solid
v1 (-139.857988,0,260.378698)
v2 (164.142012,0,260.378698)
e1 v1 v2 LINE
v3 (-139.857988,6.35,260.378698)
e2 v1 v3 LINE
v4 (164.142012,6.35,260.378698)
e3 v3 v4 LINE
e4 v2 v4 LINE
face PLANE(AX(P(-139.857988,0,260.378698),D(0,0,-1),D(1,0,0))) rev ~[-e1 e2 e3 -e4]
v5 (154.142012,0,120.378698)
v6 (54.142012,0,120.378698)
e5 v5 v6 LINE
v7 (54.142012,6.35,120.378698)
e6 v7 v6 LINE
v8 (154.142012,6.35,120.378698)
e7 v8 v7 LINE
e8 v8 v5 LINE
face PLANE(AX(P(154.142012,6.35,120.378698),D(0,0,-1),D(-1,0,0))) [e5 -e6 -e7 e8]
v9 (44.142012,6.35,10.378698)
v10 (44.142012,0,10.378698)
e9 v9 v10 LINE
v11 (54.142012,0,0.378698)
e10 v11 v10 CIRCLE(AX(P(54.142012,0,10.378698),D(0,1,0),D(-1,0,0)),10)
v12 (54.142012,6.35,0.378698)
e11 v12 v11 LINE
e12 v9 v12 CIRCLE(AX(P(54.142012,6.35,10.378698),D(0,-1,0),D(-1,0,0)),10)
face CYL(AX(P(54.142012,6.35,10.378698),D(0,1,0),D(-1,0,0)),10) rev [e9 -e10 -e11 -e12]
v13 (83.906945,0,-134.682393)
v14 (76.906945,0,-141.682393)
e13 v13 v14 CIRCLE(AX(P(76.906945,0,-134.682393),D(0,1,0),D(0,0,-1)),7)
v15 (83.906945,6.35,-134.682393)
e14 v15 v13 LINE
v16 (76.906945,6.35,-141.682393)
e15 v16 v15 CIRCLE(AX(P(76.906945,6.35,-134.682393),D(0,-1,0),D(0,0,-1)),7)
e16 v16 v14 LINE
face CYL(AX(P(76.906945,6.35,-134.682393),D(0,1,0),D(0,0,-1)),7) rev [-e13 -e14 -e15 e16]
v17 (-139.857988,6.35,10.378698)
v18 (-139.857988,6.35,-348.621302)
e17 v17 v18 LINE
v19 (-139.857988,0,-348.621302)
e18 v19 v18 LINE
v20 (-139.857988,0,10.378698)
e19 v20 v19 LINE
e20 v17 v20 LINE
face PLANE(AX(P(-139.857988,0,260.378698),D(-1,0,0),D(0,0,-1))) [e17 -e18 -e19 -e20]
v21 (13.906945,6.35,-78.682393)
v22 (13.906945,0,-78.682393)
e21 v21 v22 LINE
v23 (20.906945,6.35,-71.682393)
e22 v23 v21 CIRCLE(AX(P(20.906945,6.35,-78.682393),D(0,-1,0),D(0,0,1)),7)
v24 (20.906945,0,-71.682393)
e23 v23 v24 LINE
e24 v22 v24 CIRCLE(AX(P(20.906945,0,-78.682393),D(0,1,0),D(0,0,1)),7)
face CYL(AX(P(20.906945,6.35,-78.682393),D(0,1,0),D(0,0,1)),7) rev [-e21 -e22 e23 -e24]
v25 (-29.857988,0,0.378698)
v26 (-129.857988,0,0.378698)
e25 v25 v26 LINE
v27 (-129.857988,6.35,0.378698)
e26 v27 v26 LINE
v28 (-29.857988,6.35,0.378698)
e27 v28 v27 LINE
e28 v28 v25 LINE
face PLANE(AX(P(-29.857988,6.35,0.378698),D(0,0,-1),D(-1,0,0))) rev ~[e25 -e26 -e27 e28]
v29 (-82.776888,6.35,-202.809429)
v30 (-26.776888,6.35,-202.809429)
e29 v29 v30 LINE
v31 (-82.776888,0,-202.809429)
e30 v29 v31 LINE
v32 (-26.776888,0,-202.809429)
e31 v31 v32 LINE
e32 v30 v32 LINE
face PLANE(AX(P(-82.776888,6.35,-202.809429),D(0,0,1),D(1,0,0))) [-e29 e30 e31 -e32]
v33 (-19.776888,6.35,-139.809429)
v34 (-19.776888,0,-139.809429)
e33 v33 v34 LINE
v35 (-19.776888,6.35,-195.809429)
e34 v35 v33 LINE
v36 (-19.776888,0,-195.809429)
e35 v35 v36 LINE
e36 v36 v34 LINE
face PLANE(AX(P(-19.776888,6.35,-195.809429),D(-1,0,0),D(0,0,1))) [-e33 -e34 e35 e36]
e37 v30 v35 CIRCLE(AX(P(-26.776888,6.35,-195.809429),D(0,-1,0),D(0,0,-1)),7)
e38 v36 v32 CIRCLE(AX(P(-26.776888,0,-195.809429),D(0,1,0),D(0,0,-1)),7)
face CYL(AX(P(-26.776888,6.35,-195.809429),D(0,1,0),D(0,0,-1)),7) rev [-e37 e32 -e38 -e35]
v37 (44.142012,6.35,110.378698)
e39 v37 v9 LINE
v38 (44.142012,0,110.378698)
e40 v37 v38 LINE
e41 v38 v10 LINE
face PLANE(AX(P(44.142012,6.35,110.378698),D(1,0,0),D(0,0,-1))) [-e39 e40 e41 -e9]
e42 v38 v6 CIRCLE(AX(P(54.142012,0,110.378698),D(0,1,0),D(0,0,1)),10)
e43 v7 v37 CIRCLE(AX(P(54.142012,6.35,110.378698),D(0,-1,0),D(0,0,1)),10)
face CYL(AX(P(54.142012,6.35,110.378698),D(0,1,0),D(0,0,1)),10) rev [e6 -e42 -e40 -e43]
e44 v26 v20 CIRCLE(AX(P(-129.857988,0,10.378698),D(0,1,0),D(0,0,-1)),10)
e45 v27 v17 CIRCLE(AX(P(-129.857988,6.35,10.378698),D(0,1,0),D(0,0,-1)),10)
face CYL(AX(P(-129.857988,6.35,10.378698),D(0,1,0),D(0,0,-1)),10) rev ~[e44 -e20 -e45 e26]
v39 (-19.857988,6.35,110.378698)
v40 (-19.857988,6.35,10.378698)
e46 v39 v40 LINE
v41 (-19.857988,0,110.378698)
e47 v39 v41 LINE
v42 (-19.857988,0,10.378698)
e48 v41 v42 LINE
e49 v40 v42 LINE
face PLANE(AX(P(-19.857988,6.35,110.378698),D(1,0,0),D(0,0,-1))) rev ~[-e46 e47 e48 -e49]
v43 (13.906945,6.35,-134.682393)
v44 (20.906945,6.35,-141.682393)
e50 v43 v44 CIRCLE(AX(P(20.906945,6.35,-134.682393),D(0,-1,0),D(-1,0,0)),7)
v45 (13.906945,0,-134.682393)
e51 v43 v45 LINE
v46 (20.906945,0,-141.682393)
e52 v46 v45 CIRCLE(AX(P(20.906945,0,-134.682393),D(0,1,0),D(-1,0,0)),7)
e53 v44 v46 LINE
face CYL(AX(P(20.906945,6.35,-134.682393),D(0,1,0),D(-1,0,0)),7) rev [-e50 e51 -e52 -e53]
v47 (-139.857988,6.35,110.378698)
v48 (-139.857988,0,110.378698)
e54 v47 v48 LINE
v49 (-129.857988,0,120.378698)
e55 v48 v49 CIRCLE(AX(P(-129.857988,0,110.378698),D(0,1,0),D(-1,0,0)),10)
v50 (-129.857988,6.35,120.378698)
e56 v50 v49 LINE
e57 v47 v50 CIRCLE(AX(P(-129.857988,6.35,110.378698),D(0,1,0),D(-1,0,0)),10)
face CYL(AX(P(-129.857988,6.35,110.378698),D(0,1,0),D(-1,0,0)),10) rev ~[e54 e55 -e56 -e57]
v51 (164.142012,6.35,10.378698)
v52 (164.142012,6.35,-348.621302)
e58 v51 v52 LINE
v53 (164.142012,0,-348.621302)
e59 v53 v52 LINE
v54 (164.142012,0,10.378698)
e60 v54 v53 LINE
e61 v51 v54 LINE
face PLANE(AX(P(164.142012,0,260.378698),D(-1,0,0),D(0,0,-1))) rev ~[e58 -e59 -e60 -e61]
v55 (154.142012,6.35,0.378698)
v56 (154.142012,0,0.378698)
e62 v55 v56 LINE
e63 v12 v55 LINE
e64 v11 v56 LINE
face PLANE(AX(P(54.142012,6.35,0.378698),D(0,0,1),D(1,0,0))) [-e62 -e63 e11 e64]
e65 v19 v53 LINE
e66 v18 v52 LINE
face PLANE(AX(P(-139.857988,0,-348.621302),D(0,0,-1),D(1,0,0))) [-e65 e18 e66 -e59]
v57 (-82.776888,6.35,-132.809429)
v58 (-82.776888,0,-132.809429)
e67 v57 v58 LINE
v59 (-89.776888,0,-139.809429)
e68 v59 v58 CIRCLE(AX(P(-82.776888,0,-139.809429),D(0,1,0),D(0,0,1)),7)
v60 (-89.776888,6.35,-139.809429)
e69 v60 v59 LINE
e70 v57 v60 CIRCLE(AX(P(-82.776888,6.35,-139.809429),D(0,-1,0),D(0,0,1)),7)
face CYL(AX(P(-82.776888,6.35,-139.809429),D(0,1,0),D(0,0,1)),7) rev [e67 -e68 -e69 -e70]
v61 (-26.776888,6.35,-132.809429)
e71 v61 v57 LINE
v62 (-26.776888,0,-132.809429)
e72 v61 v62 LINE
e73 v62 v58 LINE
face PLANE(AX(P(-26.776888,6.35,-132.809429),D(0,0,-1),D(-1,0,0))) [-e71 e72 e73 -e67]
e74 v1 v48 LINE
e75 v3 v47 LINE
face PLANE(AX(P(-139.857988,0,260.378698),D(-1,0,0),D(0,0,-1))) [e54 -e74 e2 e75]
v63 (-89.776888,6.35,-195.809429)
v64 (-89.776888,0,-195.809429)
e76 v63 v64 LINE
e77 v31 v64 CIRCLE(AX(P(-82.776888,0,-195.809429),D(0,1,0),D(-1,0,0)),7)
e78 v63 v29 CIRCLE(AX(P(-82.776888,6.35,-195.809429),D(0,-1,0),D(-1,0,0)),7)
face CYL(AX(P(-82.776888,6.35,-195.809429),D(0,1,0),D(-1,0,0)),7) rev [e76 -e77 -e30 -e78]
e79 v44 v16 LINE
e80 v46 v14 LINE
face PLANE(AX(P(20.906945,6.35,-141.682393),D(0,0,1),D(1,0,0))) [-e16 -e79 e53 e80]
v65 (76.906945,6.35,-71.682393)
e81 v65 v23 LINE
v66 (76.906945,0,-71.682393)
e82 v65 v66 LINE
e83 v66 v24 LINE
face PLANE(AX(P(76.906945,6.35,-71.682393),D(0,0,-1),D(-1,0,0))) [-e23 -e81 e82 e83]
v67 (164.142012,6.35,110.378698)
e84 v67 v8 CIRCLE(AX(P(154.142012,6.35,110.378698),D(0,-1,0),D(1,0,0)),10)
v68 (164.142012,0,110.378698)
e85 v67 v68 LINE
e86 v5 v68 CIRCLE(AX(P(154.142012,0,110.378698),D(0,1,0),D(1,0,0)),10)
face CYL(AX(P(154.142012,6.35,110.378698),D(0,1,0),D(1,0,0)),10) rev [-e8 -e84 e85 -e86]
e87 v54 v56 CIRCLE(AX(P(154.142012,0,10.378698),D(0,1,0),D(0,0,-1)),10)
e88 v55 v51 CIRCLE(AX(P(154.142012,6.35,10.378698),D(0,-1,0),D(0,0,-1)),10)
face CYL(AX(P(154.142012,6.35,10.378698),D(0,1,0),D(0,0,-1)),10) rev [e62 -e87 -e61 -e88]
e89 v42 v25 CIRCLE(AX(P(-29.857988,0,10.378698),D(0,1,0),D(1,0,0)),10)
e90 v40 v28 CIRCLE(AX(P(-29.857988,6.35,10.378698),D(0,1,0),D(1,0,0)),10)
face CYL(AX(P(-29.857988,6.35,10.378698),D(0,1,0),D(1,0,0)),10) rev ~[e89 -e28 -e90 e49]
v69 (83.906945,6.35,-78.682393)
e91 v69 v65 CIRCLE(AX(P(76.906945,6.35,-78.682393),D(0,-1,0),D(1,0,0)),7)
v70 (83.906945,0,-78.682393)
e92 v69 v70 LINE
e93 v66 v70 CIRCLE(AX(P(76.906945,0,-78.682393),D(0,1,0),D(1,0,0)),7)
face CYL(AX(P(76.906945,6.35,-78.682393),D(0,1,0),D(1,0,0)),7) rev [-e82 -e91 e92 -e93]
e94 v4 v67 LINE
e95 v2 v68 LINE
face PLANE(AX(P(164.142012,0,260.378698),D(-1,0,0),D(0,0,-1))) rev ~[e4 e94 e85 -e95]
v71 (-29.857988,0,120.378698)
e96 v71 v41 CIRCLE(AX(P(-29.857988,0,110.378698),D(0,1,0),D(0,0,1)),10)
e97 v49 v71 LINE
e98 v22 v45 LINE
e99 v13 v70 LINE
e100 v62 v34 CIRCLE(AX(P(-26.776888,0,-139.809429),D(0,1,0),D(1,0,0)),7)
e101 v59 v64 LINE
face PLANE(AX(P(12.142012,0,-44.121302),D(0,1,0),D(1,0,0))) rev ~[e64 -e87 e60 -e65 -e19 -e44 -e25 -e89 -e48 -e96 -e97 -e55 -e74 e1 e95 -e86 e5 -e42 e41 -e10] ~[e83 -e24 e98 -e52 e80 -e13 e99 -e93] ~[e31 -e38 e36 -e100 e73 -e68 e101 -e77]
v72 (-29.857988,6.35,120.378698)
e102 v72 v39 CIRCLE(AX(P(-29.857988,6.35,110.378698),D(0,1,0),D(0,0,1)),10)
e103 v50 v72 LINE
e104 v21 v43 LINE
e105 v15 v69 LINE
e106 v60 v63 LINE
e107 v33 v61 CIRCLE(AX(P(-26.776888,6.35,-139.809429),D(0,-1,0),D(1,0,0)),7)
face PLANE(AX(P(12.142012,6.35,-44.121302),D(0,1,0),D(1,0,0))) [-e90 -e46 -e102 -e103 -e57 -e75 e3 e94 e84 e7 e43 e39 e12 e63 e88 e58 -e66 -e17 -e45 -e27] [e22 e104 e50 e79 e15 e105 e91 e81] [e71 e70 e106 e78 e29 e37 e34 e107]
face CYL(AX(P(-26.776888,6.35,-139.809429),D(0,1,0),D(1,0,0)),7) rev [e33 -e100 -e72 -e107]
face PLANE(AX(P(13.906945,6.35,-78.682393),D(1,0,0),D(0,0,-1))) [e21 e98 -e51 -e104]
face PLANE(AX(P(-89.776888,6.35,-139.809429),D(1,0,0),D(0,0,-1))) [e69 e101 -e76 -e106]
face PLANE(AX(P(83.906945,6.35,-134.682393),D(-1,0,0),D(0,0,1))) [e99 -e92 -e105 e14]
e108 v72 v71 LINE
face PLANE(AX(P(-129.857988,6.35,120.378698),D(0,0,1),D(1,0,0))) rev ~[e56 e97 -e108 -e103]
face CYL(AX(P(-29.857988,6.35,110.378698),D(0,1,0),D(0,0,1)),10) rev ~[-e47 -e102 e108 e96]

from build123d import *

# Parameters (mm, degrees)
SKETCH1_W           = 304
SKETCH1_H           = 609
BOSS_EXTRUDE1_DEPTH = 6.35
CUT_EXTRUDE1_DEPTH  = 386.382582119
CUT_EXTRUDE3_DEPTH  = 386.382582119


with BuildPart() as part:
    # Sketch1 → Boss-Extrude1 (new body)
    with BuildSketch(Plane(origin=(0, 0, 0), x_dir=(1, 0, 0), z_dir=(0, 1, 0))):
        with Locations((12.142011834, 44.121301775)):
            Rectangle(SKETCH1_W, SKETCH1_H)
    extrude(amount=BOSS_EXTRUDE1_DEPTH)

    # Sketch3 → Cut-Extrude1 (cut, through all)
    with BuildSketch(Plane(origin=(0, 6.35, 0), x_dir=(1, 0, 0), z_dir=(0, 1, 0))):
        with BuildLine():
            Line((154.142011834, -120.378698225), (54.142011834, -120.378698225))
            ThreePointArc((54.142011834, -120.378698225), (47.070944022, -117.449766037), (44.142011834, -110.378698225))
            Line((44.142011834, -110.378698225), (44.142011834, -10.378698225))
            ThreePointArc((44.142011834, -10.378698225), (47.070944022, -3.307630413), (54.142011834, -0.378698225))
            Line((54.142011834, -0.378698225), (154.142011834, -0.378698225))
            ThreePointArc((154.142011834, -0.378698225), (161.213079646, -3.307630413), (164.142011834, -10.378698225))
            Line((164.142011834, -10.378698225), (164.142011834, -110.378698225))
            ThreePointArc((164.142011834, -110.378698225), (161.213079646, -117.449766037), (154.142011834, -120.378698225))
        make_face()
        with BuildLine():
            Line((-129.857988166, -120.378698225), (-29.857988166, -120.378698225))
            ThreePointArc((-29.857988166, -120.378698225), (-22.786920354, -117.449766037), (-19.857988166, -110.378698225))
            Line((-19.857988166, -110.378698225), (-19.857988166, -10.378698225))
            ThreePointArc((-19.857988166, -10.378698225), (-22.786920354, -3.307630413), (-29.857988166, -0.378698225))
            Line((-29.857988166, -0.378698225), (-129.857988166, -0.378698225))
            ThreePointArc((-129.857988166, -0.378698225), (-136.929055978, -3.307630413), (-139.857988166, -10.378698225))
            Line((-139.857988166, -10.378698225), (-139.857988166, -110.378698225))
            ThreePointArc((-139.857988166, -110.378698225), (-136.929055978, -117.449766037), (-129.857988166, -120.378698225))
        make_face()
    extrude(amount=-CUT_EXTRUDE1_DEPTH, mode=Mode.SUBTRACT)

    # Sketch4 → Cut-Extrude3 (cut, through all)
    with BuildSketch(Plane(origin=(0, 6.35, 0), x_dir=(1, 0, 0), z_dir=(0, 1, 0))):
        with BuildLine():
            Line((20.906944625, 141.682393226), (76.906944625, 141.682393226))
            ThreePointArc((76.906944625, 141.682393226), (81.856692093, 139.632140694), (83.906944625, 134.682393226))
            Line((83.906944625, 134.682393226), (83.906944625, 78.682393226))
            ThreePointArc((83.906944625, 78.682393226), (81.856692093, 73.732645757), (76.906944625, 71.682393226))
            Line((76.906944625, 71.682393226), (20.906944625, 71.682393226))
            ThreePointArc((20.906944625, 71.682393226), (15.957197157, 73.732645757), (13.906944625, 78.682393226))
            Line((13.906944625, 78.682393226), (13.906944625, 134.682393226))
            ThreePointArc((13.906944625, 134.682393226), (15.957197157, 139.632140694), (20.906944625, 141.682393226))
        make_face()
        with BuildLine():
            Line((-82.776888169, 202.809428977), (-26.776888169, 202.809428977))
            ThreePointArc((-26.776888169, 202.809428977), (-21.8271407, 200.759176445), (-19.776888169, 195.809428977))
            Line((-19.776888169, 195.809428977), (-19.776888169, 139.809428977))
            ThreePointArc((-19.776888169, 139.809428977), (-21.8271407, 134.859681509), (-26.776888169, 132.809428977))
            Line((-26.776888169, 132.809428977), (-82.776888169, 132.809428977))
            ThreePointArc((-82.776888169, 132.809428977), (-87.726635637, 134.859681509), (-89.776888169, 139.809428977))
            Line((-89.776888169, 139.809428977), (-89.776888169, 195.809428977))
            ThreePointArc((-89.776888169, 195.809428977), (-87.726635637, 200.759176445), (-82.776888169, 202.809428977))
        make_face()
    extrude(amount=-CUT_EXTRUDE3_DEPTH, mode=Mode.SUBTRACT)


solid = part.part
